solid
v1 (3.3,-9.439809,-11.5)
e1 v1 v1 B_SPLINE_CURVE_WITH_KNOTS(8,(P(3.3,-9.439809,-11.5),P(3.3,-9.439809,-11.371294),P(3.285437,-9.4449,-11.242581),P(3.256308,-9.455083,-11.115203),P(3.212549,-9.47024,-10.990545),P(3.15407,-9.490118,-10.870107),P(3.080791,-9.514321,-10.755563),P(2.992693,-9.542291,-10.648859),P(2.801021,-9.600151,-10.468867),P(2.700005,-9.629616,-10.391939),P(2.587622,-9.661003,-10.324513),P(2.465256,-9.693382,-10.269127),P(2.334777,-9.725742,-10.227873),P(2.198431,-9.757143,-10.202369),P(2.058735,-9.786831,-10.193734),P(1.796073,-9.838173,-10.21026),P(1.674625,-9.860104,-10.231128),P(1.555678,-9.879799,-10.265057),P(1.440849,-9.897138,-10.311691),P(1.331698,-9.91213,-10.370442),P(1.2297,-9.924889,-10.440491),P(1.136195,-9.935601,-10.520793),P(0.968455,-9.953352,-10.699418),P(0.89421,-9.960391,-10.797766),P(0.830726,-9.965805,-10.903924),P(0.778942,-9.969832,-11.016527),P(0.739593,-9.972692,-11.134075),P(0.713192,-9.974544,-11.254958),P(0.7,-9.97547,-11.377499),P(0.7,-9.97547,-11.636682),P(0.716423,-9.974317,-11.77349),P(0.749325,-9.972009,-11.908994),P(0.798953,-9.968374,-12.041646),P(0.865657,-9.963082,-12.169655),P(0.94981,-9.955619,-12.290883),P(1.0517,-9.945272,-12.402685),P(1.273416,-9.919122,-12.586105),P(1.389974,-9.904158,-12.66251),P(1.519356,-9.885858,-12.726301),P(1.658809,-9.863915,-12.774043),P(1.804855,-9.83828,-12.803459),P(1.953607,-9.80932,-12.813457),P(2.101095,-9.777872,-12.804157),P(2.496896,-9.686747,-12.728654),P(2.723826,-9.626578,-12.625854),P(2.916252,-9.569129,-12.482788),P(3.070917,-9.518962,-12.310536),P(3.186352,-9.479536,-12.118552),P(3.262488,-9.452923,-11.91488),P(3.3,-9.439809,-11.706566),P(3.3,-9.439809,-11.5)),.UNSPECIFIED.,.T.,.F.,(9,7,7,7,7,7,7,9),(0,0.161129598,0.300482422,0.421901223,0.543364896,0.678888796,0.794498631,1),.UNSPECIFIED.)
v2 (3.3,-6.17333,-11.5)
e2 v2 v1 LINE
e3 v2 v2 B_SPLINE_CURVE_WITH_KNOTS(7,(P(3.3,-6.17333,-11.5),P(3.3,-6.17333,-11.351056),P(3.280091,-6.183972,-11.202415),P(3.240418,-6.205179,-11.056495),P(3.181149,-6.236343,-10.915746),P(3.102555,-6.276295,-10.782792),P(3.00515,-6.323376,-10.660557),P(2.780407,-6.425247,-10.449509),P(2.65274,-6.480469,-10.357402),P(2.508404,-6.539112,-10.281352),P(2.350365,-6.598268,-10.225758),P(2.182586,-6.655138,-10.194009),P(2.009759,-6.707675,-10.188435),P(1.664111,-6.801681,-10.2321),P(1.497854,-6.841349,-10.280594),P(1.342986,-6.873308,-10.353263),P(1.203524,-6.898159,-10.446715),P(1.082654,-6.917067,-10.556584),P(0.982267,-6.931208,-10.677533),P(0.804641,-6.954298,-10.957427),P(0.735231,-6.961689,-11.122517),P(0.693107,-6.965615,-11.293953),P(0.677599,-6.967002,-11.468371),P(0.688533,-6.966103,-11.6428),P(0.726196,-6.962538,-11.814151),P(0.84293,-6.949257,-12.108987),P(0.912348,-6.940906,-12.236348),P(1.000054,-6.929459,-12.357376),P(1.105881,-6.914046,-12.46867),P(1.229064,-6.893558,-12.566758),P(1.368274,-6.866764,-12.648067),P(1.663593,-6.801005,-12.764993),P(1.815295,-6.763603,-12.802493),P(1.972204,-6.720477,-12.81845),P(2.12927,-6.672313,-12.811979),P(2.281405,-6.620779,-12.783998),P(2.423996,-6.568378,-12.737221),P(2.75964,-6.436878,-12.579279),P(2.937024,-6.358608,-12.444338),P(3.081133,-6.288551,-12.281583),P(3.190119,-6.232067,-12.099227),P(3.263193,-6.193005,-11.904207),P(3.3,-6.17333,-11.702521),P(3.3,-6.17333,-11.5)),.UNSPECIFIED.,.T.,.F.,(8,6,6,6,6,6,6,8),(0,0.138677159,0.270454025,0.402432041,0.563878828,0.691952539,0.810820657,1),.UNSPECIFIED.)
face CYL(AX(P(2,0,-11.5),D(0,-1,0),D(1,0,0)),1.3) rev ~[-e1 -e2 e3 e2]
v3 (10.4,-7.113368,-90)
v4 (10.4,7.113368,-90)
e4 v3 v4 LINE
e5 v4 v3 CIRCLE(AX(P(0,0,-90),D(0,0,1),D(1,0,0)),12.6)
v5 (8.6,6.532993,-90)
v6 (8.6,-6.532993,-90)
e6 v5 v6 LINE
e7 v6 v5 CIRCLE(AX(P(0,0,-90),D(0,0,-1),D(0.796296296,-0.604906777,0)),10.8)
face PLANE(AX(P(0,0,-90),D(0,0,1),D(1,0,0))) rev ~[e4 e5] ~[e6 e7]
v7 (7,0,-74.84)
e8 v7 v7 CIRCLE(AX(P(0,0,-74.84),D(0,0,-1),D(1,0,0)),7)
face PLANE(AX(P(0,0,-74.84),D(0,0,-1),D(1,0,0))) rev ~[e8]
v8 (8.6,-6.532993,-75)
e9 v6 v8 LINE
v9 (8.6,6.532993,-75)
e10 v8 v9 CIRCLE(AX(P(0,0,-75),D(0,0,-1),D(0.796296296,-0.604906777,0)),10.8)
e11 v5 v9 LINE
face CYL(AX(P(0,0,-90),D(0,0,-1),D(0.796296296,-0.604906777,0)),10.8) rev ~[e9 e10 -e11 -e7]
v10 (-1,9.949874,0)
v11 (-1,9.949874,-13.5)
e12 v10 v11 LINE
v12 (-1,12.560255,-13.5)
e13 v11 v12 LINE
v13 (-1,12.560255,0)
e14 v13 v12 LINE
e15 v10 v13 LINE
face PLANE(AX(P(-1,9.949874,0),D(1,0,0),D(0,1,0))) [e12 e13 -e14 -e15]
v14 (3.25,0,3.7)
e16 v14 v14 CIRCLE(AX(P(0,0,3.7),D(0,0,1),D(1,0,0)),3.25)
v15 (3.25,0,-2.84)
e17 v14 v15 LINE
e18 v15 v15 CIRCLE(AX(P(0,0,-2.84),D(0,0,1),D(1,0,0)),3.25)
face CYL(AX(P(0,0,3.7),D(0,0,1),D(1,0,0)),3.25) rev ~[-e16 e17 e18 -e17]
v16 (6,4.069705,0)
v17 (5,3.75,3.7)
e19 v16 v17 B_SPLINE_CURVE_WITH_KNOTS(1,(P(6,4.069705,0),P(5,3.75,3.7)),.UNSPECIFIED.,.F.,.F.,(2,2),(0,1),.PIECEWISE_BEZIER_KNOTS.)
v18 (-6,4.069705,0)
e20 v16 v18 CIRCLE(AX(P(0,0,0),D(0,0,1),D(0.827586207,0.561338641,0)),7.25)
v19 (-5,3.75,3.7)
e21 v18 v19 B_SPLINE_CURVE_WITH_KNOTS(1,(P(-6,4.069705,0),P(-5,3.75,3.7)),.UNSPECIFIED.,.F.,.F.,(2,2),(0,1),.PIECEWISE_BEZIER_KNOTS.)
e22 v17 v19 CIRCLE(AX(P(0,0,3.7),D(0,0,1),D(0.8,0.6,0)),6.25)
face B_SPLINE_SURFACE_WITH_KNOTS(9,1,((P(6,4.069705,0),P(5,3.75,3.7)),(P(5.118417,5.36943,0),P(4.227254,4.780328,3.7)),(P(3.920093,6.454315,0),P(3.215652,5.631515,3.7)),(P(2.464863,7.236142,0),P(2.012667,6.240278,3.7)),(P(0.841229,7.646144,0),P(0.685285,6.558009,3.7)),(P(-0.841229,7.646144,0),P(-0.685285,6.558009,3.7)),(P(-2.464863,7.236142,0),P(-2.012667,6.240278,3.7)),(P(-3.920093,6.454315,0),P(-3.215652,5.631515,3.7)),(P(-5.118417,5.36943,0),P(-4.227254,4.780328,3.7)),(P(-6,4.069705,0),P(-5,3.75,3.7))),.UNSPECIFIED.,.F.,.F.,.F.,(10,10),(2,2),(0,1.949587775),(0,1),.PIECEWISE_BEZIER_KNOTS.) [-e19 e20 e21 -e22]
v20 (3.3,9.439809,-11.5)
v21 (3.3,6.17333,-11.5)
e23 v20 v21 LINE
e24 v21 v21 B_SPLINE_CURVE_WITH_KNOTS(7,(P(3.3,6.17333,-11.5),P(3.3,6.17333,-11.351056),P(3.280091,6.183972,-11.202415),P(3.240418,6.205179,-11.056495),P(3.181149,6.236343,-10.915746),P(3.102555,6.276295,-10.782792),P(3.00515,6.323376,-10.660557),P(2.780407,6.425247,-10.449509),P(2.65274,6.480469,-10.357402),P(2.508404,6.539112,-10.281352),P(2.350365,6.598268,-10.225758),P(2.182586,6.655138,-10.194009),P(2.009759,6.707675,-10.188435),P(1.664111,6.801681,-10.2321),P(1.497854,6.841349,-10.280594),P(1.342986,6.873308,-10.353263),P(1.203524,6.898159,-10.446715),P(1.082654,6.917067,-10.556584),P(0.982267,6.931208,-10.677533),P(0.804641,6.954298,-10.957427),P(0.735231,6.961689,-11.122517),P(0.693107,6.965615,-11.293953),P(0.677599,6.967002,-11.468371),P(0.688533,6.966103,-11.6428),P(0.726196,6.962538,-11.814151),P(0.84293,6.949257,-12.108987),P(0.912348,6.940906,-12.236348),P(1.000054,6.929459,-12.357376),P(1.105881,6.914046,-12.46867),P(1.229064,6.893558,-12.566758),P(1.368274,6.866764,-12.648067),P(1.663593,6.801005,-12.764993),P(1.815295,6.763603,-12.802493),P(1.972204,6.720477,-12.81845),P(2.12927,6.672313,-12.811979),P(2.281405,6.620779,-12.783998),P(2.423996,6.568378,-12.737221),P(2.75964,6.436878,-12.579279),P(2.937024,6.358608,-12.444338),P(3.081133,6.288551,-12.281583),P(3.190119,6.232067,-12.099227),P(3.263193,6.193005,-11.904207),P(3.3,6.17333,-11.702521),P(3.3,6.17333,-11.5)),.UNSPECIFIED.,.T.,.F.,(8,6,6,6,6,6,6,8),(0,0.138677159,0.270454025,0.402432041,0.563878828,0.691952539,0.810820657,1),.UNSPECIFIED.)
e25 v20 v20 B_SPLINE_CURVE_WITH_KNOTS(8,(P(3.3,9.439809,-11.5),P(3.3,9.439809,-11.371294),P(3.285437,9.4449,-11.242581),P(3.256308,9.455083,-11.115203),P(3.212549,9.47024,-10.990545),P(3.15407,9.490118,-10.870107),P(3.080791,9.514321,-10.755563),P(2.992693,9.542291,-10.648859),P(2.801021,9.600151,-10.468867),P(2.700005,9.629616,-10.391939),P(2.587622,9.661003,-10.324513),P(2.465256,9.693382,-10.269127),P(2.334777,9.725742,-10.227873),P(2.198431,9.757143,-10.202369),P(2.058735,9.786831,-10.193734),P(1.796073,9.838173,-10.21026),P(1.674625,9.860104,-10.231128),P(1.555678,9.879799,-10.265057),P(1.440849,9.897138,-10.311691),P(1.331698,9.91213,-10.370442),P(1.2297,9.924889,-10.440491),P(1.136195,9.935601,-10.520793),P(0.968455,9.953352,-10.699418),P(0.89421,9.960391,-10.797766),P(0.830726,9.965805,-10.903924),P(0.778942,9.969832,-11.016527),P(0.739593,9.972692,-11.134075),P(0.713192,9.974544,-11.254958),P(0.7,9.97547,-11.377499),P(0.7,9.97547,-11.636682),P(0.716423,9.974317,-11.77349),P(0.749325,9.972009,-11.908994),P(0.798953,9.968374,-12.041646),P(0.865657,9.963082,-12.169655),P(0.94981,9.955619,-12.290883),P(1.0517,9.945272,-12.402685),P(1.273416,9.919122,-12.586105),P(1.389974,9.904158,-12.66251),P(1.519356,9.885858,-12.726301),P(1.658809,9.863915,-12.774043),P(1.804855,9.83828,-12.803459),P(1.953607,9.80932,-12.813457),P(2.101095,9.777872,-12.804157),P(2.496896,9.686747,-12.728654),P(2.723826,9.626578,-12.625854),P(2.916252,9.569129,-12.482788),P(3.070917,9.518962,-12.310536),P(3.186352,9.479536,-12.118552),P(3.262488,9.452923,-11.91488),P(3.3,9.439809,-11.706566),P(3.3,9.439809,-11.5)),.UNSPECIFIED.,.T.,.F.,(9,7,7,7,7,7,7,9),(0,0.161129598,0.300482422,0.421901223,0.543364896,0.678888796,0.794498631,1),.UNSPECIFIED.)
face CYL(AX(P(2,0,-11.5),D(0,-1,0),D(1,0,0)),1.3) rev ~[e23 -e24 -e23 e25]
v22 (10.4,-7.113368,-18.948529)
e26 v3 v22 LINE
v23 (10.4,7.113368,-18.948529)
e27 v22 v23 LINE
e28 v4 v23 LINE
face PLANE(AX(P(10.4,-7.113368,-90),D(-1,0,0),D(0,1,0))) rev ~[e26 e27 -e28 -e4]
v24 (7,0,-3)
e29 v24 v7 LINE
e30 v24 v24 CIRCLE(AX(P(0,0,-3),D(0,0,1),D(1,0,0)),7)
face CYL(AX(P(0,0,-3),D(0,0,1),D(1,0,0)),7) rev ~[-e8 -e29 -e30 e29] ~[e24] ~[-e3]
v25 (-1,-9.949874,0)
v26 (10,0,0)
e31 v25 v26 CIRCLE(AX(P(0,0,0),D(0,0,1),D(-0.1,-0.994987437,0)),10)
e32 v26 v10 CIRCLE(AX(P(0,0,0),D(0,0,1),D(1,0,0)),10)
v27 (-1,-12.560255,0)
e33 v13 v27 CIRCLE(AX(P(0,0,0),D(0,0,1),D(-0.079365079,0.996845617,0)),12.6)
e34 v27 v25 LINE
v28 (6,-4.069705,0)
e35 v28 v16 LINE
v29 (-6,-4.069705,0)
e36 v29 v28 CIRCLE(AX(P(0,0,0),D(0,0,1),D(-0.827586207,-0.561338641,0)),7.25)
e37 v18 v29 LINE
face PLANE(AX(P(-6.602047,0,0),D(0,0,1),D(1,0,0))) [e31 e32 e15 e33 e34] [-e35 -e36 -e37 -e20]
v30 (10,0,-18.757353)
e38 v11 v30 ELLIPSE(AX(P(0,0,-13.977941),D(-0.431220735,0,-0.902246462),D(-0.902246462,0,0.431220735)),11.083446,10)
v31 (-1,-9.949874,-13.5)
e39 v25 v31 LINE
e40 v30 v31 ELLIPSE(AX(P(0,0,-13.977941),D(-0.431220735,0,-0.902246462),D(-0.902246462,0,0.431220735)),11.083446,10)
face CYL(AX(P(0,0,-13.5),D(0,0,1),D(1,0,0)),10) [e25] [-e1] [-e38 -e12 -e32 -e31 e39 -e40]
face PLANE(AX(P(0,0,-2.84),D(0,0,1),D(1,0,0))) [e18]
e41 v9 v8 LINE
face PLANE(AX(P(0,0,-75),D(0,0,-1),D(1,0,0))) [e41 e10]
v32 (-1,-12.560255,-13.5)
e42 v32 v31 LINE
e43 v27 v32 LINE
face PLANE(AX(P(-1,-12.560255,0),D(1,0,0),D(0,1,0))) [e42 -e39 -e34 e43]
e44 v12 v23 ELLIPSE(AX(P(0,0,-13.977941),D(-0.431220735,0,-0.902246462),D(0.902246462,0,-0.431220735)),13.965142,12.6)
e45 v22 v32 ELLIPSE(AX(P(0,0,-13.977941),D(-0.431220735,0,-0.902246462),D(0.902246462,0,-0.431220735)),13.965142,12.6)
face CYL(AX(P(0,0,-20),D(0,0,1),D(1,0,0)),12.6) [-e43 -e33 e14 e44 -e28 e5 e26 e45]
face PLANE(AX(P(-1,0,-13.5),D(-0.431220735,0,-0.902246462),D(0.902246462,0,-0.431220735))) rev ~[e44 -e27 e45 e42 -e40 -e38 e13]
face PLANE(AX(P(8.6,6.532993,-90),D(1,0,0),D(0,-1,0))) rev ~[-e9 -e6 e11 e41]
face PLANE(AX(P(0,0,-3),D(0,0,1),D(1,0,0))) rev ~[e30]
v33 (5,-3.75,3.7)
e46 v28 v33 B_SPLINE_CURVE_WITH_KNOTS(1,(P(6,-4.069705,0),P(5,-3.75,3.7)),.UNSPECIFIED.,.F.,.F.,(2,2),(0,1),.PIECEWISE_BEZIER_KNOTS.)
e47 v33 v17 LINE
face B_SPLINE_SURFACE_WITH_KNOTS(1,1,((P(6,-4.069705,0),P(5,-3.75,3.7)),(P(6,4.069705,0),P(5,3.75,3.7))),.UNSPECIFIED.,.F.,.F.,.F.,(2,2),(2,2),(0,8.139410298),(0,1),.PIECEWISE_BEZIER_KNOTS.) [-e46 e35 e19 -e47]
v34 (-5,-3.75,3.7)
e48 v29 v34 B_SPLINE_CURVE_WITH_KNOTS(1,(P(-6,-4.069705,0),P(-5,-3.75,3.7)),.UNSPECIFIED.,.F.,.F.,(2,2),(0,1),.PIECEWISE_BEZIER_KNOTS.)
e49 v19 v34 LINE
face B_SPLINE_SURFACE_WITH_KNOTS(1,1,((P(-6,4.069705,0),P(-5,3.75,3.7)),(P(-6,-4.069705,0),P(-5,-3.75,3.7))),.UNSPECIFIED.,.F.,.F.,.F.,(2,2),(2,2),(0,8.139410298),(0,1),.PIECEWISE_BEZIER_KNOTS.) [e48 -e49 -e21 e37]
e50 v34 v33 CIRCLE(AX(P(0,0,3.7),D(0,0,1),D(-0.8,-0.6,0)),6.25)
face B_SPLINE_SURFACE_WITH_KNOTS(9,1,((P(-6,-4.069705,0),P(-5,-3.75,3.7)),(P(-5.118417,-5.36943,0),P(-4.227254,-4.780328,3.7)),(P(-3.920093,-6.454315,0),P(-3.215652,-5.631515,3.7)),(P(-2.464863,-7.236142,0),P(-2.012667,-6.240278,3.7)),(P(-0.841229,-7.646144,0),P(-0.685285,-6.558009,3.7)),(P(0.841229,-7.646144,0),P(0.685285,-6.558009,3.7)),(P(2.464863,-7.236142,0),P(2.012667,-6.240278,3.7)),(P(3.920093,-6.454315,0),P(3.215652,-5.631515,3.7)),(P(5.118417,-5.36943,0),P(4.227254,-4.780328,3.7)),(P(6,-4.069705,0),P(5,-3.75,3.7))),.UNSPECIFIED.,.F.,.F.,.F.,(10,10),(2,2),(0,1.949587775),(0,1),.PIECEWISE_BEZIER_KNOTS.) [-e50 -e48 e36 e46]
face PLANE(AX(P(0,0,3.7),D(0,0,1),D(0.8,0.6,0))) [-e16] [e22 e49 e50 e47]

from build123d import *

# Parameters (mm, degrees)
F1_DEPTH  = 13.5
F3_R      = 12.6
F4_DEPTH  = 6.5
F6_DEPTH  = 15
F7_DEPTH  = 6.5
F8_DEPTH  = 70
F10_DEPTH = 90
F12_DEPTH = 15
F17_R     = 3.25
F18_DEPTH = 93.701
F20_R     = 7
F21_DEPTH = 90
F22_R     = 7
F23_DEPTH = 0.16
F24_R     = 7
F25_DEPTH = 0.16
F26_R     = 1.3
F27_DEPTH = 12.5


with BuildPart() as f1:
    # F0 (on Top) → F1 (new body)
    with BuildSketch(Plane.XY):
        with BuildLine():
            ThreePointArc((-1, -9.9498743711), (-10, 0), (-1, 9.9498743711))
            Line((-1, 9.9498743711), (-1, 12.5602547745))
            ThreePointArc((-1, 12.5602547745), (-12.6, 0), (-1, -12.5602547745))
            Line((-1, -12.5602547745), (-1, -9.9498743711))
        make_face()
        with BuildLine():
            ThreePointArc((-1, -9.9498743711), (6.7082039325, -7.4161984871), (10, 0))
            ThreePointArc((10, 0), (6.7082039325, 7.4161984871), (-1, 9.9498743711))
            ThreePointArc((-1, 9.9498743711), (-10, 0), (-1, -9.9498743711))
        make_face()
    extrude(amount=-F1_DEPTH)

    # F3 (on offset) → F4 (join)
    with BuildSketch(Plane.XY.offset(-20)):
        Circle(F3_R)
    extrude(amount=F4_DEPTH)

    # F5 (on Front) → F6 (cut, symmetric)
    with BuildSketch(Plane.XZ):
        Polygon((12.6, -13.5), (-1, -13.5), (12.6, -20), align=None)
    extrude(amount=F6_DEPTH, both=True, mode=Mode.SUBTRACT)

    # F7 (add): a face of the model
    f7_faces = [f1.faces().sort_by_distance(p)[0] for p in [
        (3.7091534646, 0, -13.5),
    ]]
    extrude(f7_faces, amount=F7_DEPTH)

    # F8 (add): a face of the model
    f8_faces = [f1.faces().sort_by_distance(p)[0] for p in [
        (0, 0, -20),
    ]]
    extrude(f8_faces, amount=F8_DEPTH)

    # F9 (on face) → F10 (cut)
    with BuildSketch(Plane(origin=(0, 0, -90), x_dir=(1, 0, 0), z_dir=(0, 0, -1))):
        with BuildLine():
            Line((10.4, 7.1133676975), (10.4, 0))
            Line((10.4, 0), (10.4, -7.1133676975))
            ThreePointArc((10.4, -7.1133676975), (12.0374415886, -3.7229020938), (12.6, 0))
            ThreePointArc((12.6, 0), (12.0374415886, 3.7229020938), (10.4, 7.1133676975))
        make_face()
    extrude(amount=-F10_DEPTH, mode=Mode.SUBTRACT)

    # F11 (on face) → F12 (cut)
    with BuildSketch(Plane(origin=(0, 0, -90), x_dir=(1, 0, 0), z_dir=(0, 0, -1))):
        with BuildLine():
            ThreePointArc((8.6, 6.5329931884), (-10.8, 0), (8.6, -6.5329931884))
            Line((8.6, -6.5329931884), (8.6, 6.5329931884))
        make_face()
    extrude(amount=-F12_DEPTH, mode=Mode.SUBTRACT)

    # F13 (on face) → F16 section 0
    with BuildSketch(Plane.XY):
        with BuildLine():
            Line((6, 0), (6, 4.069705149))
            ThreePointArc((6, 4.069705149), (0, 7.25), (-6, 4.069705149))
            Line((-6, 4.069705149), (-6, 0))
            Line((-6, 0), (-6, -4.069705149))
            ThreePointArc((-6, -4.069705149), (0, -7.25), (6, -4.069705149))
            Line((6, -4.069705149), (6, 0))
        make_face()
    # F15 (on offset) → F16 section 1
    with BuildSketch(Plane.XY.offset(3.7)):
        with BuildLine():
            Line((5, 0), (5, 3.75))
            ThreePointArc((5, 3.75), (0, 6.25), (-5, 3.75))
            Line((-5, 3.75), (-5, 0))
            Line((-5, 0), (-5, -3.75))
            ThreePointArc((-5, -3.75), (0, -6.25), (5, -3.75))
            Line((5, -3.75), (5, 0))
        make_face()
    loft()

    # F17 (on offset) → F18 (cut, through all)
    with BuildSketch(Plane.XY.offset(3.7)):
        Circle(F17_R)
    extrude(amount=-F18_DEPTH, mode=Mode.SUBTRACT)

    # F20 (on offset) → F21 (cut)
    with BuildSketch(Plane.XY.offset(-3)):
        Circle(F20_R)
    extrude(amount=-F21_DEPTH, mode=Mode.SUBTRACT)

    # F22 (on face) → F23 (join)
    with BuildSketch(Plane(origin=(0, 0, -75), x_dir=(1, 0, 0), z_dir=(0, 0, -1))):
        Circle(F22_R)
    extrude(amount=-F23_DEPTH)

    # F24 (on offset) → F25 (join)
    with BuildSketch(Plane.XY.offset(-3)):
        Circle(F24_R)
    extrude(amount=F25_DEPTH)

    # F26 (on Front) → F27 (cut, symmetric)
    with BuildSketch(Plane.XZ):
        with Locations((2, -11.5)):
            Circle(F26_R)
    extrude(amount=F27_DEPTH, both=True, mode=Mode.SUBTRACT)


solid = f1.part
